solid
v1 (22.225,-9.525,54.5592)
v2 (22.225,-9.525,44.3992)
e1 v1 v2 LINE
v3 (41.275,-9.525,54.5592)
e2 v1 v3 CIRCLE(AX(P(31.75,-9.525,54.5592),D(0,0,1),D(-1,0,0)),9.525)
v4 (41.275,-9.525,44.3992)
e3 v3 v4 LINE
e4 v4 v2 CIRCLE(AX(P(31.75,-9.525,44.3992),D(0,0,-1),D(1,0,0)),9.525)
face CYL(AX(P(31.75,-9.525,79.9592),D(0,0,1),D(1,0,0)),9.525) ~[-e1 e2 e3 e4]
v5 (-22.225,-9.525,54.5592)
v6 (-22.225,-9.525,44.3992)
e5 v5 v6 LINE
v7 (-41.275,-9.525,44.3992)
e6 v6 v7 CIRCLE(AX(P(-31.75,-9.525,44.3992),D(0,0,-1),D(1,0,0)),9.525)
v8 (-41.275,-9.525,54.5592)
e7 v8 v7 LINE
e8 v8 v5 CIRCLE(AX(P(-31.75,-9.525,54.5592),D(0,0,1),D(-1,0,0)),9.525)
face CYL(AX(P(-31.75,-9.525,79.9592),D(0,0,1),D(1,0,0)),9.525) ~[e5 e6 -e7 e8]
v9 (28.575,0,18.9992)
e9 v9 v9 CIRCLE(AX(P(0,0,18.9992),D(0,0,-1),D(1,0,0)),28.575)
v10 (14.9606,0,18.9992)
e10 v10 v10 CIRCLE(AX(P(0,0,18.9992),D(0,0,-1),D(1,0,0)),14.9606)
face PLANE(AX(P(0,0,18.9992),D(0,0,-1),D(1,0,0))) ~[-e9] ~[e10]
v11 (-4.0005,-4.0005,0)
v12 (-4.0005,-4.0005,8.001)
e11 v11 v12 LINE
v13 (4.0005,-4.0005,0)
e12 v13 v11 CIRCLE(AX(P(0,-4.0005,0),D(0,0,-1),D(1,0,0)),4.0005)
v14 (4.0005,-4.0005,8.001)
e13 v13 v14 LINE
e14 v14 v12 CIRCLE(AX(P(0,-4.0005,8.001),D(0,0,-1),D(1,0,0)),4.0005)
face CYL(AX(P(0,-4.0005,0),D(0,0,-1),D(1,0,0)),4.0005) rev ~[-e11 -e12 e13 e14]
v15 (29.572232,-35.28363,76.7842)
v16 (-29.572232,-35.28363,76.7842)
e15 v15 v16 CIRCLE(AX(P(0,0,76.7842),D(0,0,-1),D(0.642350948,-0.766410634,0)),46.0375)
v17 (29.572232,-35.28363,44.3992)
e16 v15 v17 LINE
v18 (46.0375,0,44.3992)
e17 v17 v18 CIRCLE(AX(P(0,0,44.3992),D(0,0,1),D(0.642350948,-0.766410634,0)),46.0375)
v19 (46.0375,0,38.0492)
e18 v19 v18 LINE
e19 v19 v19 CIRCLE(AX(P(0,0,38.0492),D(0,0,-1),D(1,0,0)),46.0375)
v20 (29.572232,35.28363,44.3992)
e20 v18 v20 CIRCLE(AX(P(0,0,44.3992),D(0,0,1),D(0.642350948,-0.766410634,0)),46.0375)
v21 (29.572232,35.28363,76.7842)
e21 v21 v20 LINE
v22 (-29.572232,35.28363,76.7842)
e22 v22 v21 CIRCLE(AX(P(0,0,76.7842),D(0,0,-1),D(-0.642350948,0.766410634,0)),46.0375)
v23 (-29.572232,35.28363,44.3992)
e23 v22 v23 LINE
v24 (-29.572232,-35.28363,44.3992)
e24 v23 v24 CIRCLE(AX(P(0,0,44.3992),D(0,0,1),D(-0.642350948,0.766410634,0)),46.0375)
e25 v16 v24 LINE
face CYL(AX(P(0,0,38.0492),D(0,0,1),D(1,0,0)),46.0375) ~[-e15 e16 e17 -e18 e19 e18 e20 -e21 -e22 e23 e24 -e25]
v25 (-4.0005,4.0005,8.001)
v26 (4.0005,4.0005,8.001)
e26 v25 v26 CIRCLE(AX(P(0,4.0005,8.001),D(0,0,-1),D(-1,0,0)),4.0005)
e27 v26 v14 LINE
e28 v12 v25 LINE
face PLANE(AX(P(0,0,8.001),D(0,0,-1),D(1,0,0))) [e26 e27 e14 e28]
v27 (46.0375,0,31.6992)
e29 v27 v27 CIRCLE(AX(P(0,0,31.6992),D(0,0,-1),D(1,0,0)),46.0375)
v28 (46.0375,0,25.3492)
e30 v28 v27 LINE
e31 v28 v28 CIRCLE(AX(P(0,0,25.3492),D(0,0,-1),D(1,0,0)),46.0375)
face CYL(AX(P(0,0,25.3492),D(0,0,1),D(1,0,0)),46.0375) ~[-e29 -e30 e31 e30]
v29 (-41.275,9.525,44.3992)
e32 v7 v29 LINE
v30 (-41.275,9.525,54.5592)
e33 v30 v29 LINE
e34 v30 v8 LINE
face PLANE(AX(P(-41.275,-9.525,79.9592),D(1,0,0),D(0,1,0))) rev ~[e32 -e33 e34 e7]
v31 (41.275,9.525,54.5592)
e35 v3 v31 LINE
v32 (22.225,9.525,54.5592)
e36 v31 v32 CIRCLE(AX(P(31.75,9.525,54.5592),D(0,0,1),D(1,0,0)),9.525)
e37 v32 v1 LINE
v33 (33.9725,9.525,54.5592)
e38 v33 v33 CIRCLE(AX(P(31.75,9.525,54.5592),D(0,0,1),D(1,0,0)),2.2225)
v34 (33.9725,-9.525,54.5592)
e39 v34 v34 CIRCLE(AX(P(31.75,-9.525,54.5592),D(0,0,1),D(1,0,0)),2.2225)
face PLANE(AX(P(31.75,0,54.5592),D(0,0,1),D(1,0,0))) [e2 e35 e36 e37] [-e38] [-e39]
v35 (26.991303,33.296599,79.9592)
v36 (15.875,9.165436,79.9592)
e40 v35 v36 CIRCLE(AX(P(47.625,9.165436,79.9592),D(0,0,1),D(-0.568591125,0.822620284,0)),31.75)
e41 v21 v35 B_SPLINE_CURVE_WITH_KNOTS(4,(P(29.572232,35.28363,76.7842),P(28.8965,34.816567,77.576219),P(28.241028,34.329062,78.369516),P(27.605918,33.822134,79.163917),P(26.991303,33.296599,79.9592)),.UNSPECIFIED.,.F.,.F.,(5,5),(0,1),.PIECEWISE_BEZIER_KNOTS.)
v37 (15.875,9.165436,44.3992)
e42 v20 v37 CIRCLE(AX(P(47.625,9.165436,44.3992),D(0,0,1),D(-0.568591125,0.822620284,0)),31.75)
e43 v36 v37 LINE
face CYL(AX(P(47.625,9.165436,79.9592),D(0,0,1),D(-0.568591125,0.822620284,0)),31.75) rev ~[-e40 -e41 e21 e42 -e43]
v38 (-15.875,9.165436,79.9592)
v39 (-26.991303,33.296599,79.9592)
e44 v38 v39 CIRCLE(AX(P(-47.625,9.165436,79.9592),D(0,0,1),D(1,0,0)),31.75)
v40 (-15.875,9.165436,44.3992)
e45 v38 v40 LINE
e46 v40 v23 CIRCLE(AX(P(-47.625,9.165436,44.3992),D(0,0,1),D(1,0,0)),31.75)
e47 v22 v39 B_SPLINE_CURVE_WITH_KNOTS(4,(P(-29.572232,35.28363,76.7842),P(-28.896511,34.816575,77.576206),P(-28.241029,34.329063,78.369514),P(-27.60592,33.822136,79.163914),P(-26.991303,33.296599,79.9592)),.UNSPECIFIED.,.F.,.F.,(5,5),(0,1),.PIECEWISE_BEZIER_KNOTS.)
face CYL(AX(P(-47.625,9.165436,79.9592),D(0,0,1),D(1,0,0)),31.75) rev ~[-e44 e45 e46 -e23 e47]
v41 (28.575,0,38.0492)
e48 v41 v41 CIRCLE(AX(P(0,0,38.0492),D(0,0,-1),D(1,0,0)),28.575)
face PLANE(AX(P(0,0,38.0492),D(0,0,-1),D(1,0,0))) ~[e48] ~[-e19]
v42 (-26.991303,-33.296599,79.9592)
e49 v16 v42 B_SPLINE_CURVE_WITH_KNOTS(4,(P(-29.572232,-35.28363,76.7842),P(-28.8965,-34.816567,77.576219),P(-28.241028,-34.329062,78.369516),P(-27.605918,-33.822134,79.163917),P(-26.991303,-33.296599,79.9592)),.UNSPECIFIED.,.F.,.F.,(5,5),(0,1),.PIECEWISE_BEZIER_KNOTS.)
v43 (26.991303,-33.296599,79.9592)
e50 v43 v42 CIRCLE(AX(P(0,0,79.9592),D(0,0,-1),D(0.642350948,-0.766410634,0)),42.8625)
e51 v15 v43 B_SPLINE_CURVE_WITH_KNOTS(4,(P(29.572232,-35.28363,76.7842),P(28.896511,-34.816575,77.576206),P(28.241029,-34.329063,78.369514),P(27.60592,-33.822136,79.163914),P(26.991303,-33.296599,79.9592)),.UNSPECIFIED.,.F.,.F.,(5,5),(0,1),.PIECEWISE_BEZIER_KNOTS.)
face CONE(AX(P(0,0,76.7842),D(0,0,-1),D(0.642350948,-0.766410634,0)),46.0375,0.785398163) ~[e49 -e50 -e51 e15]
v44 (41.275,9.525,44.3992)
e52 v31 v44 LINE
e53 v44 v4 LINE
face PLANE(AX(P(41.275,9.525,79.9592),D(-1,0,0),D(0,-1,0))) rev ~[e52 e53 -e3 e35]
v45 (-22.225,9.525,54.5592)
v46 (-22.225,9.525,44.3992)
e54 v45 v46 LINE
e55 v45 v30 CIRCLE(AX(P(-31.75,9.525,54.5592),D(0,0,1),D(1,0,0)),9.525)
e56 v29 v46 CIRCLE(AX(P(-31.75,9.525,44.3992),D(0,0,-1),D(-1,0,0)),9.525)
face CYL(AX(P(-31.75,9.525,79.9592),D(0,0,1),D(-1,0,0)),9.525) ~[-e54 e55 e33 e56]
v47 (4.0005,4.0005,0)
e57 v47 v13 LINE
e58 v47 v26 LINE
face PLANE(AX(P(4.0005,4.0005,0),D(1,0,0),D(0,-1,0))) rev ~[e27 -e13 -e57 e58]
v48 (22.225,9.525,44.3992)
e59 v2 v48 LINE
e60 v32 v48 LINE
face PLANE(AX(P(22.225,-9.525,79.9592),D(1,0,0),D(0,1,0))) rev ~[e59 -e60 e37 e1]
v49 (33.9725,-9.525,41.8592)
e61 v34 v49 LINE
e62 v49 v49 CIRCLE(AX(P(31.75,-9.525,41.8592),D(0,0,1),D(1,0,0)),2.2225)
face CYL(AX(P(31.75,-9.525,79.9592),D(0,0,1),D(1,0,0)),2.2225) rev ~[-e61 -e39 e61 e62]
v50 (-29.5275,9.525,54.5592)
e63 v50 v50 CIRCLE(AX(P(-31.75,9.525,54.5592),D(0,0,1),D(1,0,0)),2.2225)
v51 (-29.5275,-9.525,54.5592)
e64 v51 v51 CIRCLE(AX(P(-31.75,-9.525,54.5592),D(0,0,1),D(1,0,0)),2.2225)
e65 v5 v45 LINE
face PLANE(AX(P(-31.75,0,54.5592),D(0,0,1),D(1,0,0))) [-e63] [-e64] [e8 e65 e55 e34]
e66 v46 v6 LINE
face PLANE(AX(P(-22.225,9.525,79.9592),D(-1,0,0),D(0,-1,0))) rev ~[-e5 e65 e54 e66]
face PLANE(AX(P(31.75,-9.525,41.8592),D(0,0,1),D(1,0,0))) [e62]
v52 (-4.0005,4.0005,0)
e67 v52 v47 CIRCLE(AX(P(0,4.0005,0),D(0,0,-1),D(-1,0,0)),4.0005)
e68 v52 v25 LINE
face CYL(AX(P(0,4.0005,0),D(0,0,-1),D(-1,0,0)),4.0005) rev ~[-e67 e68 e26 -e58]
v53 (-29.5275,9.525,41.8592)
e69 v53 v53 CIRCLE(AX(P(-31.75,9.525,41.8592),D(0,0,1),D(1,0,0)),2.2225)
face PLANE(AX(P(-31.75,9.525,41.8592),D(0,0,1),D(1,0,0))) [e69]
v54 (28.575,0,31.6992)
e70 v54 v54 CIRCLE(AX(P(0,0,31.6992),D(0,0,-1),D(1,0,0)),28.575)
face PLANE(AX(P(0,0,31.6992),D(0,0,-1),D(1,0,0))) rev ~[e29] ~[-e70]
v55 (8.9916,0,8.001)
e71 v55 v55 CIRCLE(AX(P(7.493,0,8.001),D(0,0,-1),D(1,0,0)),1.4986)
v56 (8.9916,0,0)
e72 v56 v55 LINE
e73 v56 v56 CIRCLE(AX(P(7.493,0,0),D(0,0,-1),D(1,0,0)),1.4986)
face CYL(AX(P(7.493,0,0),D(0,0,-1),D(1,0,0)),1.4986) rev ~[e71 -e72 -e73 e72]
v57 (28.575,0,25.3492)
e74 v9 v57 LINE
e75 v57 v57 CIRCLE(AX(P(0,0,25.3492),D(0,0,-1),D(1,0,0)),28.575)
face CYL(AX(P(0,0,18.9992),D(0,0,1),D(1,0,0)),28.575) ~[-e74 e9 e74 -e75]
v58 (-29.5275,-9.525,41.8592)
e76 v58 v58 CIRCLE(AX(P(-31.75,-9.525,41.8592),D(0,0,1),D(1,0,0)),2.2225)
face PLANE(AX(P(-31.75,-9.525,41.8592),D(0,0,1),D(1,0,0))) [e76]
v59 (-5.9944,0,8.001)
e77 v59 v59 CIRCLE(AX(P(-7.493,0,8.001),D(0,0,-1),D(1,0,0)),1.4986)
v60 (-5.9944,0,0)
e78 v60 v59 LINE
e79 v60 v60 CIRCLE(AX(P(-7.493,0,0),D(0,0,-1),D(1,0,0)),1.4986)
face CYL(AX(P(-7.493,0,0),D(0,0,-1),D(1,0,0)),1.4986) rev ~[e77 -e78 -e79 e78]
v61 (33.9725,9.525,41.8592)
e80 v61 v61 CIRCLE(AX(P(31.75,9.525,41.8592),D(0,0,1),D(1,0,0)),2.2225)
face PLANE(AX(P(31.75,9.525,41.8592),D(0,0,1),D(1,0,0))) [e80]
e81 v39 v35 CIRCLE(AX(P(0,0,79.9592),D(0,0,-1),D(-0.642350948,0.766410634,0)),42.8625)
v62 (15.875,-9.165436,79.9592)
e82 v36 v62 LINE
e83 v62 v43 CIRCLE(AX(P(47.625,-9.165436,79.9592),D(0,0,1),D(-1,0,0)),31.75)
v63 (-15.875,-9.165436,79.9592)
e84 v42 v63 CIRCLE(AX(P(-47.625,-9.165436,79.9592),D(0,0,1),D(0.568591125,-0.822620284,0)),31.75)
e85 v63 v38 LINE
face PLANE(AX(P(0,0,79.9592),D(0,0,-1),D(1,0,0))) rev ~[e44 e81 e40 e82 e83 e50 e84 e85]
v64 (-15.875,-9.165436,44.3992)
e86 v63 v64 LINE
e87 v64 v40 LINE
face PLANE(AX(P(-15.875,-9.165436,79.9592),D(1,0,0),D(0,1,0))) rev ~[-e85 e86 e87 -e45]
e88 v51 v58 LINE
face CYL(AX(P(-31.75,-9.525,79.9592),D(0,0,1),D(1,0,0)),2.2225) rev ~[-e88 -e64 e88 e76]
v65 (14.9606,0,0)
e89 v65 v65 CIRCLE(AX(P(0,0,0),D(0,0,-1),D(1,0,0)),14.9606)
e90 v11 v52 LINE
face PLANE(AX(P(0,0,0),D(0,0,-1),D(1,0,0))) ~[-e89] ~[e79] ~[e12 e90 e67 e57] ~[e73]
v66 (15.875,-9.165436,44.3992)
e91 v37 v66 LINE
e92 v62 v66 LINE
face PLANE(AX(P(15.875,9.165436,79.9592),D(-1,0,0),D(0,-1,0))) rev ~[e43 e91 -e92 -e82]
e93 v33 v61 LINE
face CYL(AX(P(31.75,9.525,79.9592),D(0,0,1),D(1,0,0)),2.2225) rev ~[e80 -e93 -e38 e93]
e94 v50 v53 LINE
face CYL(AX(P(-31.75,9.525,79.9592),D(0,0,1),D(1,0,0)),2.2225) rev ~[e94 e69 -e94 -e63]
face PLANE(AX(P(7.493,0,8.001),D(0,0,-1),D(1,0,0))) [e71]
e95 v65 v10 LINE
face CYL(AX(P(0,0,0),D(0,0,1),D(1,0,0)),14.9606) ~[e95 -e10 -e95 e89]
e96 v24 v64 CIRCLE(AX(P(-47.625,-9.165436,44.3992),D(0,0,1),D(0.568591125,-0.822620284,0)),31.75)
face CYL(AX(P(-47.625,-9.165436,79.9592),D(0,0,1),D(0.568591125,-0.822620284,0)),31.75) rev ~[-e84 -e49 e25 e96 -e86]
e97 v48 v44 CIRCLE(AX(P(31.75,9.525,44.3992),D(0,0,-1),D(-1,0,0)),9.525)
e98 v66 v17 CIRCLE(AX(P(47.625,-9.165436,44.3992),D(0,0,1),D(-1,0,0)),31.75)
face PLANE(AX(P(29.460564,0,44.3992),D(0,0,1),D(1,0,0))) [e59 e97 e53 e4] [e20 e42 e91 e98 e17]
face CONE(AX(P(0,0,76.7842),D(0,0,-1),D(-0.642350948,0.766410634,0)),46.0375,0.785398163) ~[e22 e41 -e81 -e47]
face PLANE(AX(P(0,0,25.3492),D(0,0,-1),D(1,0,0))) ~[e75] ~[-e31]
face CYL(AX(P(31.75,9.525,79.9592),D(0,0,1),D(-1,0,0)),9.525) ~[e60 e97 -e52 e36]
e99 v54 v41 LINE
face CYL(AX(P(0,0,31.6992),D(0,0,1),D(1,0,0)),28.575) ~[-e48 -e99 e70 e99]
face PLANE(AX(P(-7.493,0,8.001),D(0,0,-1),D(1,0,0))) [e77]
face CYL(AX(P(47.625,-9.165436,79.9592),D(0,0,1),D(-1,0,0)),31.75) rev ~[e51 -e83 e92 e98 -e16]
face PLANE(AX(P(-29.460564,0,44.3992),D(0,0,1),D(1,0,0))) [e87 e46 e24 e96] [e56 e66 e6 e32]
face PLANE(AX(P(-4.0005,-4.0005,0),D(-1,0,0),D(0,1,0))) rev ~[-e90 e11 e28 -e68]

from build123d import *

# Parameters (mm, degrees)
F2_R     = 2.2225
F3_DEPTH = 25.4
F4_DEPTH = 35.56
F5_DEPTH = 38.1
F6_SIZE  = 3.175
F7_R     = 1.4986
F8_DEPTH = 8.001


with BuildPart() as f1:
    # F0 (on Front) → F1 (revolve)
    with BuildSketch(Plane.XZ):
        Polygon((0, 0), (14.9606, 0), (14.9606, 18.9992), (28.575, 18.9992), (28.575, 25.3492), (46.0375, 25.3492), (46.0375, 31.6992), (28.575, 31.6992), (28.575, 38.0492), (46.0375, 38.0492), (46.0375, 44.3992), (46.0375, 50.7492), (46.0375, 79.9592), (0, 79.9592), align=None)
    revolve(axis=Axis((0, 0, 39.9796), (0, 0, -1)))

    # F2 (on face) → F3 (cut)
    with BuildSketch(Plane.XY.offset(79.9592)):
        with BuildLine():
            Line((41.275, -9.525), (41.275, 9.525))
            ThreePointArc((41.275, 9.525), (31.75, 19.05), (22.225, 9.525))
            Line((22.225, 9.525), (22.225, -9.525))
            ThreePointArc((22.225, -9.525), (31.75, -19.05), (41.275, -9.525))
        make_face()
        with Locations((31.75, -9.525)):
            Circle(F2_R, mode=Mode.SUBTRACT)
        with Locations((31.75, 9.525)):
            Circle(F2_R, mode=Mode.SUBTRACT)
        with BuildLine():
            Line((-41.275, 9.525), (-41.275, -9.525))
            ThreePointArc((-41.275, -9.525), (-31.75, -19.05), (-22.225, -9.525))
            Line((-22.225, -9.525), (-22.225, 9.525))
            ThreePointArc((-22.225, 9.525), (-31.75, 19.05), (-41.275, 9.525))
        make_face()
        with Locations((-31.75, -9.525)):
            Circle(F2_R, mode=Mode.SUBTRACT)
        with Locations((-31.75, 9.525)):
            Circle(F2_R, mode=Mode.SUBTRACT)
    extrude(amount=-F3_DEPTH, mode=Mode.SUBTRACT)

    # F2 (on face) → F4 (cut)
    with BuildSketch(Plane.XY.offset(79.9592)):
        with BuildLine():
            Line((15.875, 9.1654355234), (15.875, -9.1654355234))
            ThreePointArc((15.875, -9.1654355234), (19.507052962, -23.9114029169), (29.5722317713, -35.2836295513))
            ThreePointArc((29.5722317713, -35.2836295513), (41.7185991281, -19.4681764179), (46.0375, 0))
            ThreePointArc((46.0375, 0), (41.7185991281, 19.4681764179), (29.5722317713, 35.2836295513))
            ThreePointArc((29.5722317713, 35.2836295513), (19.507052962, 23.9114029169), (15.875, 9.1654355234))
        make_face()
        with BuildLine():
            ThreePointArc((22.225, 9.525), (31.75, 19.05), (41.275, 9.525))
            Line((41.275, 9.525), (41.275, -9.525))
            ThreePointArc((41.275, -9.525), (31.75, -19.05), (22.225, -9.525))
            Line((22.225, -9.525), (22.225, 9.525))
        make_face(mode=Mode.SUBTRACT)
        with BuildLine():
            ThreePointArc((-15.875, 9.1654355234), (-19.507052962, 23.9114029169), (-29.5722317713, 35.2836295513))
            ThreePointArc((-29.5722317713, 35.2836295513), (-46.0375, 0), (-29.5722317713, -35.2836295513))
            ThreePointArc((-29.5722317713, -35.2836295513), (-19.507052962, -23.9114029169), (-15.875, -9.1654355234))
            Line((-15.875, -9.1654355234), (-15.875, 9.1654355234))
        make_face()
        with BuildLine():
            ThreePointArc((-22.225, -9.525), (-31.75, -19.05), (-41.275, -9.525))
            Line((-41.275, -9.525), (-41.275, 9.525))
            ThreePointArc((-41.275, 9.525), (-31.75, 19.05), (-22.225, 9.525))
            Line((-22.225, 9.525), (-22.225, -9.525))
        make_face(mode=Mode.SUBTRACT)
    extrude(amount=-F4_DEPTH, mode=Mode.SUBTRACT)

    # F2 (on face) → F5 (cut)
    with BuildSketch(Plane.XY.offset(79.9592)):
        with Locations((-31.75, 9.525)):
            Circle(F2_R)
        with Locations((-31.75, -9.525)):
            Circle(F2_R)
        with Locations((31.75, 9.525)):
            Circle(F2_R)
        with Locations((31.75, -9.525)):
            Circle(F2_R)
    extrude(amount=-F5_DEPTH, mode=Mode.SUBTRACT)

    # F6
    f6_edges = [f1.edges().sort_by_distance(p)[0] for p in [
        (0, -46.0375, 79.9592),
        (0, 46.0375, 79.9592),
    ]]
    chamfer(f6_edges, length=F6_SIZE)

    # F7 (on face) → F8 (cut)
    with BuildSketch(Plane(origin=(0, 0, 0), x_dir=(1, 0, 0), z_dir=(0, 0, -1))):
        with BuildLine():
            Line((4.0005, -4.0005), (4.0005, 4.0005))
            ThreePointArc((4.0005, 4.0005), (0, 8.001), (-4.0005, 4.0005))
            Line((-4.0005, 4.0005), (-4.0005, -4.0005))
            ThreePointArc((-4.0005, -4.0005), (0, -8.001), (4.0005, -4.0005))
        make_face()
        with Locations((-7.493, 0)):
            Circle(F7_R)
        with Locations((7.493, 0)):
            Circle(F7_R)
    extrude(amount=-F8_DEPTH, mode=Mode.SUBTRACT)


solid = f1.part
